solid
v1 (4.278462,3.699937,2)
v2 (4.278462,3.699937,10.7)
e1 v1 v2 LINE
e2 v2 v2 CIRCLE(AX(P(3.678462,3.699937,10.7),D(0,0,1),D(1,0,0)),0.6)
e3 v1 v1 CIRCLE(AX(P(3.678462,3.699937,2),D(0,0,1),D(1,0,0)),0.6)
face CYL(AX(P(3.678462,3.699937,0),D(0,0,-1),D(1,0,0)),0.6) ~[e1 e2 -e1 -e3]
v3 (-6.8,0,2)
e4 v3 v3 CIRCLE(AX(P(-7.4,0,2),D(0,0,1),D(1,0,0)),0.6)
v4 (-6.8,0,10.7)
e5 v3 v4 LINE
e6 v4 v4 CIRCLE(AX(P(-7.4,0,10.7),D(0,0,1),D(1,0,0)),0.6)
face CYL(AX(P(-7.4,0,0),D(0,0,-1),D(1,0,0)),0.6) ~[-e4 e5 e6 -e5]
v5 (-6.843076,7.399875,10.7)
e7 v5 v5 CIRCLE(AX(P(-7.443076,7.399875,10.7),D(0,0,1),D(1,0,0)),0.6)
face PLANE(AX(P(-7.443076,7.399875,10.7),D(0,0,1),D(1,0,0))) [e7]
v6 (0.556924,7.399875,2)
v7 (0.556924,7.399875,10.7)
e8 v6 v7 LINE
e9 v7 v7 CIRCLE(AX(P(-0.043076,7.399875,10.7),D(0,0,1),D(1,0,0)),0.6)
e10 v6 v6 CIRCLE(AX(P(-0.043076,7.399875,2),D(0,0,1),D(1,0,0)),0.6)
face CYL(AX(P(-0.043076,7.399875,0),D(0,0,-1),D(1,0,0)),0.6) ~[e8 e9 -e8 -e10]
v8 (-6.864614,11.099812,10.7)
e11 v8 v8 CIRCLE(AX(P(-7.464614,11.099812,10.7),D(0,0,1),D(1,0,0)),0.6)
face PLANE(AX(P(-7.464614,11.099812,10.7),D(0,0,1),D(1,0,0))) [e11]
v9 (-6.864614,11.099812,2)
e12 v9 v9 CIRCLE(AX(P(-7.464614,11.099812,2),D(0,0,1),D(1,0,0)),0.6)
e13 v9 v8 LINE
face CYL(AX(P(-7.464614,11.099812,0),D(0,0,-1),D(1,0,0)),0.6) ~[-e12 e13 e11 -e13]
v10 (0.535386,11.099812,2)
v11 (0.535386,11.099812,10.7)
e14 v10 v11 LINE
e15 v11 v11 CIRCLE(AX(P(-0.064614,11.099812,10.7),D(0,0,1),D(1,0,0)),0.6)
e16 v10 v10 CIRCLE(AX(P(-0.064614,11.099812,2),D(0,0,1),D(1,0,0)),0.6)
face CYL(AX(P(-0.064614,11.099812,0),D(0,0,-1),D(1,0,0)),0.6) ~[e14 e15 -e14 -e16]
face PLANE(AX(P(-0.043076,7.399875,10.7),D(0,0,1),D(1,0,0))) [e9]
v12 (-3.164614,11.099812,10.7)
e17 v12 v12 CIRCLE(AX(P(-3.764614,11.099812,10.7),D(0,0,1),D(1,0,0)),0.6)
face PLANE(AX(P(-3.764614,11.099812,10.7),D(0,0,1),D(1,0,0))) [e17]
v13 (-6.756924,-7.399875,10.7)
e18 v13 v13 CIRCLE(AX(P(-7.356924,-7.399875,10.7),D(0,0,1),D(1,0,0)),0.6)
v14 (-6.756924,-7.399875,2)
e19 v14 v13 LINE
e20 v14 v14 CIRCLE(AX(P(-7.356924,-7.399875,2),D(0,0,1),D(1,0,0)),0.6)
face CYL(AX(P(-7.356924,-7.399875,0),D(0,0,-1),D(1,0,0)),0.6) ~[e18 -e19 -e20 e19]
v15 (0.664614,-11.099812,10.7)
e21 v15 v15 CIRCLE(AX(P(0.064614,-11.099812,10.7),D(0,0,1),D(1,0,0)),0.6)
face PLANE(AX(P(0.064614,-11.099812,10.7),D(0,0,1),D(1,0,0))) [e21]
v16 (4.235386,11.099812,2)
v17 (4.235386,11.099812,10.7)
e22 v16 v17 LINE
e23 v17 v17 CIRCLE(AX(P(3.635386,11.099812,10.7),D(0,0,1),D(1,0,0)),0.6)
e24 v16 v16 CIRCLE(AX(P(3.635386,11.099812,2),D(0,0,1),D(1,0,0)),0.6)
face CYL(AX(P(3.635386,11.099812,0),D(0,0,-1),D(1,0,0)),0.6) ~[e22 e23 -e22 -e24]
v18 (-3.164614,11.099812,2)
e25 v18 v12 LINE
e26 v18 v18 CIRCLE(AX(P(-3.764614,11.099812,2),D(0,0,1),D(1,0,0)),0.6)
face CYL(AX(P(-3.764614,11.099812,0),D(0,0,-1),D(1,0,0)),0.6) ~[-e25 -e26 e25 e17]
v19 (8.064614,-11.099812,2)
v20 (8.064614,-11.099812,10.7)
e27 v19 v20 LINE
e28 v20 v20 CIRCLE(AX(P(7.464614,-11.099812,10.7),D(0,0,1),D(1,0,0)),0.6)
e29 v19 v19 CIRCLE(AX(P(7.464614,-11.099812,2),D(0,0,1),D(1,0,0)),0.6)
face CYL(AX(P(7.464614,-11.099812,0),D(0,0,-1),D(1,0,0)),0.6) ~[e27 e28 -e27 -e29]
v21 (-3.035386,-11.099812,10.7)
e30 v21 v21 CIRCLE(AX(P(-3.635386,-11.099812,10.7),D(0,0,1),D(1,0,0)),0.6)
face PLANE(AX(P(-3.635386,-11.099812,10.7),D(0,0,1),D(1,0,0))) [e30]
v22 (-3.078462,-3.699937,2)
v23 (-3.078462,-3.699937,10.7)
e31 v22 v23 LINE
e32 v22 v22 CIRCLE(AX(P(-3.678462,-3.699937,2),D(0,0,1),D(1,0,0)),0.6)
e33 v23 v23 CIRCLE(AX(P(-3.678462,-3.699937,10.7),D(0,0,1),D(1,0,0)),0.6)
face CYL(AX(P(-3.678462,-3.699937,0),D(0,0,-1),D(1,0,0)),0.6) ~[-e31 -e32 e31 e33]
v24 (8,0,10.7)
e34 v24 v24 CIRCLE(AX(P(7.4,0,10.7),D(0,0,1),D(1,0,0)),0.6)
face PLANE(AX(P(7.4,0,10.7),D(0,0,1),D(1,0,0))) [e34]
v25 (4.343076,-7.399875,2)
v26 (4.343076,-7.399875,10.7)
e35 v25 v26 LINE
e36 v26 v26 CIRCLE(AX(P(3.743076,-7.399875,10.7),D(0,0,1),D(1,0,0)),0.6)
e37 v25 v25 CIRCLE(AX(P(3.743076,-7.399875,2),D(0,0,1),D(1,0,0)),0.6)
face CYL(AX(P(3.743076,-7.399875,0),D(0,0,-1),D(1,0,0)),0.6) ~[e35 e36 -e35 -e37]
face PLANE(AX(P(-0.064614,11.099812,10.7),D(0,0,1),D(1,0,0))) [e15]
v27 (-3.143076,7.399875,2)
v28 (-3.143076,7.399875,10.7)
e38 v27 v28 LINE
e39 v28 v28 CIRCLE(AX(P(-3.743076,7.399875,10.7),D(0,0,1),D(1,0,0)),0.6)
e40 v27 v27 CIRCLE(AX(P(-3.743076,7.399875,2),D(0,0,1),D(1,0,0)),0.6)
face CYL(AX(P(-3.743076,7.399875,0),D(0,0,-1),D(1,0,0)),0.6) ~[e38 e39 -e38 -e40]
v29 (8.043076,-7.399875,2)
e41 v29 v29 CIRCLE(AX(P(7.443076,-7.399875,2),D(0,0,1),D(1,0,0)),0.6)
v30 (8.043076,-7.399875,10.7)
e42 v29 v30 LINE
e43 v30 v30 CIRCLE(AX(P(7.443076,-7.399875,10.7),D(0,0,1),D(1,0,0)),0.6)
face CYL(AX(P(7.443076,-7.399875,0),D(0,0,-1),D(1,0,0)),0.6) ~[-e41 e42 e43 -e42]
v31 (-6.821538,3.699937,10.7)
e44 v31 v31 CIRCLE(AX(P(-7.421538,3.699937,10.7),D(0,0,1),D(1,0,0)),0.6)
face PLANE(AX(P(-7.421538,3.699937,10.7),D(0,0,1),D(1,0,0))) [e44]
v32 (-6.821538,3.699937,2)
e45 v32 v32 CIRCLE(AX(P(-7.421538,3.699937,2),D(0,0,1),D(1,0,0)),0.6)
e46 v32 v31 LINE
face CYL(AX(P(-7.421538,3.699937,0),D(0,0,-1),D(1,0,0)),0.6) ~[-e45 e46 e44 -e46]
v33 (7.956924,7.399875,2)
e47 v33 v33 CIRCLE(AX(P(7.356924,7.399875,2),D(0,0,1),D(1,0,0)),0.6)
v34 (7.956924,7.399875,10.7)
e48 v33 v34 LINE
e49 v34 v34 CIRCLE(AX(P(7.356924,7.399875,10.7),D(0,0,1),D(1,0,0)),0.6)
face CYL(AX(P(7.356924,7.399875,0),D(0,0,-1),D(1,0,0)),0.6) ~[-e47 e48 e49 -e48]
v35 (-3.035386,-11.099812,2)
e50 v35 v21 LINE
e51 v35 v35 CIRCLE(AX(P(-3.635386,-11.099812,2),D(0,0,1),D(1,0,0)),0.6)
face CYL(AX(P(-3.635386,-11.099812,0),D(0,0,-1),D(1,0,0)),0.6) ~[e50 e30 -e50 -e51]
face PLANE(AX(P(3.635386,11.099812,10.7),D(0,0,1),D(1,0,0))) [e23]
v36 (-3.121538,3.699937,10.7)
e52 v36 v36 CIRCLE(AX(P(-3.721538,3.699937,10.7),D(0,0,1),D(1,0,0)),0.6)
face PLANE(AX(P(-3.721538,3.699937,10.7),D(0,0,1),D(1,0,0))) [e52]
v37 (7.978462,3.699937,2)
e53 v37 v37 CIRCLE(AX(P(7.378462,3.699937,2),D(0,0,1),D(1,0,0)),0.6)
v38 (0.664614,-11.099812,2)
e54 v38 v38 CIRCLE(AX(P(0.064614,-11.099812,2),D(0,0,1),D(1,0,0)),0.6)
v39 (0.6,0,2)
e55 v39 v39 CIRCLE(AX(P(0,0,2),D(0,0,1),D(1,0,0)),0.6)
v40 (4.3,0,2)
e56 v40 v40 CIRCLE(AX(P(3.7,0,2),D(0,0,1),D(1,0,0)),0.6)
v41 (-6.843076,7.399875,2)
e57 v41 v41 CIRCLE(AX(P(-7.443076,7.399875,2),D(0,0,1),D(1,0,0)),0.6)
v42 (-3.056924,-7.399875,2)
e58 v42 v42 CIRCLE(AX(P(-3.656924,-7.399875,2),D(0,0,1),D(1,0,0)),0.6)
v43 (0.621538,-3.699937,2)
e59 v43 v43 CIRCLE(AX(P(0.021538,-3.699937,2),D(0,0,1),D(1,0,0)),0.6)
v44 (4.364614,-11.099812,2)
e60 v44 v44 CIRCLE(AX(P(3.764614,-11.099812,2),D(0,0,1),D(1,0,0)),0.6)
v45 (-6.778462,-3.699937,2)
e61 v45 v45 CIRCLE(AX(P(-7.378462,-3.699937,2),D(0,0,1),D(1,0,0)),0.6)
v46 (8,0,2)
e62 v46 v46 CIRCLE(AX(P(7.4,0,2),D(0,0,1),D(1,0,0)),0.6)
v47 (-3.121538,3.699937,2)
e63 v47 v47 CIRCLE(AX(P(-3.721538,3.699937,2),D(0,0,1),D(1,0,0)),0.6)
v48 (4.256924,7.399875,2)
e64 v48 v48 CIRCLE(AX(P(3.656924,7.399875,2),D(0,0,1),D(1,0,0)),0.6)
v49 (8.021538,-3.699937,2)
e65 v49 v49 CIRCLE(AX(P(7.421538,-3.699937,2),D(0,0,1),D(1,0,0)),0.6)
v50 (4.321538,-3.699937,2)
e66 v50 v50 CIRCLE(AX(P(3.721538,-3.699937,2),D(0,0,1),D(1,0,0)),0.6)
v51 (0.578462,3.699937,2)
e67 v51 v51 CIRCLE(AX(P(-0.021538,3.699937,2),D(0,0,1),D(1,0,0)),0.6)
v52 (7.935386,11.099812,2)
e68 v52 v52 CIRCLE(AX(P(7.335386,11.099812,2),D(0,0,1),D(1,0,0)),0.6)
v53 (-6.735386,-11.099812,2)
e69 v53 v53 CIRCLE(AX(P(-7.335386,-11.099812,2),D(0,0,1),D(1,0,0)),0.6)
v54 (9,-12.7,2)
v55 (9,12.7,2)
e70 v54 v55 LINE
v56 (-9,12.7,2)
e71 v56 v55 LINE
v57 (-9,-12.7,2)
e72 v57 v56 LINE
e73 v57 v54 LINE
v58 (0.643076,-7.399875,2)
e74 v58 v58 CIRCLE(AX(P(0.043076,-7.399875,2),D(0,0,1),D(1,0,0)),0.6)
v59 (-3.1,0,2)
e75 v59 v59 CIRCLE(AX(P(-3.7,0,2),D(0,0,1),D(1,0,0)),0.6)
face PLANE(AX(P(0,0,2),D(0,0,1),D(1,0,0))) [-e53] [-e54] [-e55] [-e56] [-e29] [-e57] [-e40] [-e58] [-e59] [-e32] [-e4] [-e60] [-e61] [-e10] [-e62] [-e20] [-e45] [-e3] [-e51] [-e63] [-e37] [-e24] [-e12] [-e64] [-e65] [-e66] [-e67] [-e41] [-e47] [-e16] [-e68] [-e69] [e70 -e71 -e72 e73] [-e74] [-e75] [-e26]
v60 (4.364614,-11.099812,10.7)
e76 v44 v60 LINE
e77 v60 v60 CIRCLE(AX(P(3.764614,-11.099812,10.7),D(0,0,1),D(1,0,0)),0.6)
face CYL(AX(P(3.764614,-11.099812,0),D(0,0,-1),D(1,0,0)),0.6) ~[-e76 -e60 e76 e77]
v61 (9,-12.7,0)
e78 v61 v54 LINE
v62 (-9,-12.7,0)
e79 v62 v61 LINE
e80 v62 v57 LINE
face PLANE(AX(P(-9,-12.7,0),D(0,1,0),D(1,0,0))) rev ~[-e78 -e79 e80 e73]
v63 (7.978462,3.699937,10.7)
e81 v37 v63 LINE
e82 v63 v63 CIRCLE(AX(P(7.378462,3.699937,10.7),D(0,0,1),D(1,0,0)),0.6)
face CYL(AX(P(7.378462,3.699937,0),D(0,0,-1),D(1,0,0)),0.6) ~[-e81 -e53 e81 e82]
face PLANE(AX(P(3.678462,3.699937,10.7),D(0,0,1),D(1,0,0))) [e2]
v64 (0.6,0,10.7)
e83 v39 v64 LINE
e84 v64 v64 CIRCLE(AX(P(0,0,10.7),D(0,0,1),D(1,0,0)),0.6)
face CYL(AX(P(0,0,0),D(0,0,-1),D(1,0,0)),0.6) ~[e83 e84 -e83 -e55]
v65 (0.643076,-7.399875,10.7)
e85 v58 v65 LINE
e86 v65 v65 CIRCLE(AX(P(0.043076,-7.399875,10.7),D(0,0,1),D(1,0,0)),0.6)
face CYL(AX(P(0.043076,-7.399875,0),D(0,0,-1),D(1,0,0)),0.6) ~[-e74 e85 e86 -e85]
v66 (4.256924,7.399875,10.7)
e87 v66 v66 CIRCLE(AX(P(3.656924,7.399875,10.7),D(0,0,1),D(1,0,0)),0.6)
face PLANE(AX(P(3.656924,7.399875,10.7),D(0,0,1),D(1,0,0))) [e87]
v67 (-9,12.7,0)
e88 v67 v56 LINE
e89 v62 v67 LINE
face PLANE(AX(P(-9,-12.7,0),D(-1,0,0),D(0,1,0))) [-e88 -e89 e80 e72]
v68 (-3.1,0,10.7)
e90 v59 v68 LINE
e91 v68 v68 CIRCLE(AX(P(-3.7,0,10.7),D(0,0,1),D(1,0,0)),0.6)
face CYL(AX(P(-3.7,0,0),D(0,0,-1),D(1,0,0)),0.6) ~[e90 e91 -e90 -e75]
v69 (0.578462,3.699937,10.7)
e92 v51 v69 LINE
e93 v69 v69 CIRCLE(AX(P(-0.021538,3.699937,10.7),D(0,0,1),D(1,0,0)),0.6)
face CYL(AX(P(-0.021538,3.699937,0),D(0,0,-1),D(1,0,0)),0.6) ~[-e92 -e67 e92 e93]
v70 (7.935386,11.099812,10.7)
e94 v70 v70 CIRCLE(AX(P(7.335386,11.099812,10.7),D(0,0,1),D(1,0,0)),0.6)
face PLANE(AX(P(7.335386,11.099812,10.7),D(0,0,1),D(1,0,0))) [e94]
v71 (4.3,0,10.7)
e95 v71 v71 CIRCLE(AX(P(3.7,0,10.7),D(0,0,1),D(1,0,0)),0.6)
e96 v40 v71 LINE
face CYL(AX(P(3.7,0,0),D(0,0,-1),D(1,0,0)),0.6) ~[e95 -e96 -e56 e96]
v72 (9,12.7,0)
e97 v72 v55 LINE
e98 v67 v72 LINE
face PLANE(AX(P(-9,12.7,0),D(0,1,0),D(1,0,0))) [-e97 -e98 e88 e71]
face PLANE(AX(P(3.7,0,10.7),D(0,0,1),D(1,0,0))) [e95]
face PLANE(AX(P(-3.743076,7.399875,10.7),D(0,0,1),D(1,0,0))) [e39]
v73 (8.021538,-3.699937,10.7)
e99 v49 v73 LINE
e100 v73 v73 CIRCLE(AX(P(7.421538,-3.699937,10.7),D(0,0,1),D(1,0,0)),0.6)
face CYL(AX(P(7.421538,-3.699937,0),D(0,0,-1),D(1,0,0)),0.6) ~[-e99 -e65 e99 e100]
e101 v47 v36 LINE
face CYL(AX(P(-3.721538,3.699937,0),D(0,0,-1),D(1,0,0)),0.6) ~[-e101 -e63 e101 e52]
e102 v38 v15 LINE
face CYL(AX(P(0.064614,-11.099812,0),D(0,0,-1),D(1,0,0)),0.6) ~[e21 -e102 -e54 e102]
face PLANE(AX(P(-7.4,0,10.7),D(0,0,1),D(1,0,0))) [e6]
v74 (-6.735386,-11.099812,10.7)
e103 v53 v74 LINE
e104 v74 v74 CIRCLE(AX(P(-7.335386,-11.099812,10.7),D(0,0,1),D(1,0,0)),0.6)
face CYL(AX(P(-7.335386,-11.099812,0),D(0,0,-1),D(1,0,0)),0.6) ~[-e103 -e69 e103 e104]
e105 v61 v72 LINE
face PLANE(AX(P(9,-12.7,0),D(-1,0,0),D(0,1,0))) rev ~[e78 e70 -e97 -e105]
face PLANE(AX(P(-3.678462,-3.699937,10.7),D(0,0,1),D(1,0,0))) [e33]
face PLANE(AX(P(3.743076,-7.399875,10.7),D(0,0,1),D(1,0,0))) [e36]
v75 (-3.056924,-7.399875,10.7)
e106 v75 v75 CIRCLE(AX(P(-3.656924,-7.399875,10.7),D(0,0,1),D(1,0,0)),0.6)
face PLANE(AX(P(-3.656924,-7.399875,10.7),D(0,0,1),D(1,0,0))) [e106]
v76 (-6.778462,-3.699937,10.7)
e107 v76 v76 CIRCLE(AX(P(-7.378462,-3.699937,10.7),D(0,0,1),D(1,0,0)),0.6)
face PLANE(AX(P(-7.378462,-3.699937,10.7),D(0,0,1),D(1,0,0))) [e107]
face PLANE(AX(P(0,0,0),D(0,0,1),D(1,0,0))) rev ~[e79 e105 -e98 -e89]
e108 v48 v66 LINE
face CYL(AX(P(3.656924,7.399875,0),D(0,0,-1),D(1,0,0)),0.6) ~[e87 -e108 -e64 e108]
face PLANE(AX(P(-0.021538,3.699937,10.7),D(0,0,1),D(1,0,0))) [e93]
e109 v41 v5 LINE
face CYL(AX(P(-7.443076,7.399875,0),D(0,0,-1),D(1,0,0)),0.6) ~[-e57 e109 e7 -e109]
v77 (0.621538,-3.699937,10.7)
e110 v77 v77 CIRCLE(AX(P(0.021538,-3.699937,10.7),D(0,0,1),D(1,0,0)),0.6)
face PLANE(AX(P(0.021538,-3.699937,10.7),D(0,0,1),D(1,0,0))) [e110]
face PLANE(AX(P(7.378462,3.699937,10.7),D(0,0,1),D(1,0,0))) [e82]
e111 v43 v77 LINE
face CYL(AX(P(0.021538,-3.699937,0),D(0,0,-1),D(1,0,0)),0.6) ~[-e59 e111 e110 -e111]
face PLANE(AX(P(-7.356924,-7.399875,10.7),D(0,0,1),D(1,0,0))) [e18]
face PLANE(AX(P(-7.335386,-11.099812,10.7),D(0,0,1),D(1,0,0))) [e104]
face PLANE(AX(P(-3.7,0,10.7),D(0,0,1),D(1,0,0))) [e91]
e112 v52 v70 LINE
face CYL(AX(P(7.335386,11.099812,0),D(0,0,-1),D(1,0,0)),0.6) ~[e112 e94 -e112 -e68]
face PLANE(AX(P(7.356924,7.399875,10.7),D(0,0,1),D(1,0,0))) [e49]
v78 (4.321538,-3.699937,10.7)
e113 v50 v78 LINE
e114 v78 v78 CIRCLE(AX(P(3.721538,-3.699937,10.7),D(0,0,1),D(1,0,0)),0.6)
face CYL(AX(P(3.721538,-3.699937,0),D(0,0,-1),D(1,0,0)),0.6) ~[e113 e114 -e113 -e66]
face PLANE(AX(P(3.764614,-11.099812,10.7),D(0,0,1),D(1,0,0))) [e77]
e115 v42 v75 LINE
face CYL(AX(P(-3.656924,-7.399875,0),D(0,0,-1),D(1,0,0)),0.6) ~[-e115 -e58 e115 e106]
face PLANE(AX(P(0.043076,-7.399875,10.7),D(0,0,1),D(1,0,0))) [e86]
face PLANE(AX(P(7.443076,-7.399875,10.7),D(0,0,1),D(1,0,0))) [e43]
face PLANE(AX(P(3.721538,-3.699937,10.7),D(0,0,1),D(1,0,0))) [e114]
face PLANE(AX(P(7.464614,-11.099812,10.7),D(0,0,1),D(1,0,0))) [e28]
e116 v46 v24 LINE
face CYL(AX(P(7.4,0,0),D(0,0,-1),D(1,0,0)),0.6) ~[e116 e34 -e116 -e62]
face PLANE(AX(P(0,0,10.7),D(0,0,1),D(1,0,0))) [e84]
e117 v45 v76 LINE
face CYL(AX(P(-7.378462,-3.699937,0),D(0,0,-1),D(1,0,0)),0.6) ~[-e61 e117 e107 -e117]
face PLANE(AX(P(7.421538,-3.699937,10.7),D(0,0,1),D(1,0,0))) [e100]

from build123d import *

# Parameters (mm, degrees)
F0_W     = 18
F0_H     = 25.4
F0_R     = 0.6
F1_DEPTH = 2
F2_DEPTH = 10.7


with BuildPart() as f1:
    # F0 (on Top) → F1 (new body)
    with BuildSketch(Plane.XY):
        Rectangle(F0_W, F0_H)
        with Locations((-7.335386, -11.099812)):
            Circle(F0_R, mode=Mode.SUBTRACT)
        with Locations((-7.356924, -7.399875)):
            Circle(F0_R, mode=Mode.SUBTRACT)
        with Locations((-3.635386, -11.099812)):
            Circle(F0_R, mode=Mode.SUBTRACT)
        with Locations((-3.656924, -7.399875)):
            Circle(F0_R, mode=Mode.SUBTRACT)
        with Locations((-7.378462, -3.699937)):
            Circle(F0_R, mode=Mode.SUBTRACT)
        with Locations((-7.4, 0)):
            Circle(F0_R, mode=Mode.SUBTRACT)
        with Locations((-3.678462, -3.699937)):
            Circle(F0_R, mode=Mode.SUBTRACT)
        with Locations((-3.7, 0)):
            Circle(F0_R, mode=Mode.SUBTRACT)
        with Locations((0.064614, -11.099812)):
            Circle(F0_R, mode=Mode.SUBTRACT)
        with Locations((3.764614, -11.099812)):
            Circle(F0_R, mode=Mode.SUBTRACT)
        with Locations((0.043076, -7.399875)):
            Circle(F0_R, mode=Mode.SUBTRACT)
        with Locations((3.743076, -7.399875)):
            Circle(F0_R, mode=Mode.SUBTRACT)
        with Locations((7.464614, -11.099812)):
            Circle(F0_R, mode=Mode.SUBTRACT)
        with Locations((7.443076, -7.399875)):
            Circle(F0_R, mode=Mode.SUBTRACT)
        with Locations((0.021538, -3.699937)):
            Circle(F0_R, mode=Mode.SUBTRACT)
        with Locations((3.721538, -3.699937)):
            Circle(F0_R, mode=Mode.SUBTRACT)
        Circle(F0_R, mode=Mode.SUBTRACT)
        with Locations((3.7, 0)):
            Circle(F0_R, mode=Mode.SUBTRACT)
        with Locations((7.421538, -3.699937)):
            Circle(F0_R, mode=Mode.SUBTRACT)
        with Locations((7.4, 0)):
            Circle(F0_R, mode=Mode.SUBTRACT)
        with Locations((-7.421538, 3.699937)):
            Circle(F0_R, mode=Mode.SUBTRACT)
        with Locations((-3.721538, 3.699937)):
            Circle(F0_R, mode=Mode.SUBTRACT)
        with Locations((-0.021538, 3.699937)):
            Circle(F0_R, mode=Mode.SUBTRACT)
        with Locations((-7.443076, 7.399875)):
            Circle(F0_R, mode=Mode.SUBTRACT)
        with Locations((-7.464614, 11.099812)):
            Circle(F0_R, mode=Mode.SUBTRACT)
        with Locations((-3.743076, 7.399875)):
            Circle(F0_R, mode=Mode.SUBTRACT)
        with Locations((-0.043076, 7.399875)):
            Circle(F0_R, mode=Mode.SUBTRACT)
        with Locations((-3.764614, 11.099812)):
            Circle(F0_R, mode=Mode.SUBTRACT)
        with Locations((-0.064614, 11.099812)):
            Circle(F0_R, mode=Mode.SUBTRACT)
        with Locations((3.678462, 3.699937)):
            Circle(F0_R, mode=Mode.SUBTRACT)
        with Locations((7.378462, 3.699937)):
            Circle(F0_R, mode=Mode.SUBTRACT)
        with Locations((3.656924, 7.399875)):
            Circle(F0_R, mode=Mode.SUBTRACT)
        with Locations((3.635386, 11.099812)):
            Circle(F0_R, mode=Mode.SUBTRACT)
        with Locations((7.356924, 7.399875)):
            Circle(F0_R, mode=Mode.SUBTRACT)
        with Locations((7.335386, 11.099812)):
            Circle(F0_R, mode=Mode.SUBTRACT)
    extrude(amount=F1_DEPTH)

    # F0 (on Top) → F2 (join)
    with BuildSketch(Plane.XY):
        with Locations((3.7, 0)):
            Circle(F0_R)
        with Locations((-0.064614, 11.099812)):
            Circle(F0_R)
        with Locations((7.443076, -7.399875)):
            Circle(F0_R)
        with Locations((-7.356924, -7.399875)):
            Circle(F0_R)
        with Locations((-3.656924, -7.399875)):
            Circle(F0_R)
        with Locations((7.464614, -11.099812)):
            Circle(F0_R)
        with Locations((-7.443076, 7.399875)):
            Circle(F0_R)
        with Locations((7.335386, 11.099812)):
            Circle(F0_R)
        with Locations((0.064614, -11.099812)):
            Circle(F0_R)
        with Locations((-3.764614, 11.099812)):
            Circle(F0_R)
        with Locations((-3.635386, -11.099812)):
            Circle(F0_R)
        with Locations((3.635386, 11.099812)):
            Circle(F0_R)
        Circle(F0_R)
        with Locations((0.043076, -7.399875)):
            Circle(F0_R)
        with Locations((7.356924, 7.399875)):
            Circle(F0_R)
        with Locations((-3.678462, -3.699937)):
            Circle(F0_R)
        with Locations((7.421538, -3.699937)):
            Circle(F0_R)
        with Locations((7.378462, 3.699937)):
            Circle(F0_R)
        with Locations((-7.4, 0)):
            Circle(F0_R)
        with Locations((-7.421538, 3.699937)):
            Circle(F0_R)
        with Locations((3.743076, -7.399875)):
            Circle(F0_R)
        with Locations((0.021538, -3.699937)):
            Circle(F0_R)
        with Locations((-0.021538, 3.699937)):
            Circle(F0_R)
        with Locations((-3.721538, 3.699937)):
            Circle(F0_R)
        with Locations((3.721538, -3.699937)):
            Circle(F0_R)
        with Locations((3.678462, 3.699937)):
            Circle(F0_R)
        with Locations((7.4, 0)):
            Circle(F0_R)
        with Locations((-7.378462, -3.699937)):
            Circle(F0_R)
        with Locations((-0.043076, 7.399875)):
            Circle(F0_R)
        with Locations((-7.464614, 11.099812)):
            Circle(F0_R)
        with Locations((3.656924, 7.399875)):
            Circle(F0_R)
        with Locations((-7.335386, -11.099812)):
            Circle(F0_R)
        with Locations((-3.7, 0)):
            Circle(F0_R)
        with Locations((-3.743076, 7.399875)):
            Circle(F0_R)
        with Locations((3.764614, -11.099812)):
            Circle(F0_R)
    extrude(amount=F2_DEPTH)


solid = f1.part
